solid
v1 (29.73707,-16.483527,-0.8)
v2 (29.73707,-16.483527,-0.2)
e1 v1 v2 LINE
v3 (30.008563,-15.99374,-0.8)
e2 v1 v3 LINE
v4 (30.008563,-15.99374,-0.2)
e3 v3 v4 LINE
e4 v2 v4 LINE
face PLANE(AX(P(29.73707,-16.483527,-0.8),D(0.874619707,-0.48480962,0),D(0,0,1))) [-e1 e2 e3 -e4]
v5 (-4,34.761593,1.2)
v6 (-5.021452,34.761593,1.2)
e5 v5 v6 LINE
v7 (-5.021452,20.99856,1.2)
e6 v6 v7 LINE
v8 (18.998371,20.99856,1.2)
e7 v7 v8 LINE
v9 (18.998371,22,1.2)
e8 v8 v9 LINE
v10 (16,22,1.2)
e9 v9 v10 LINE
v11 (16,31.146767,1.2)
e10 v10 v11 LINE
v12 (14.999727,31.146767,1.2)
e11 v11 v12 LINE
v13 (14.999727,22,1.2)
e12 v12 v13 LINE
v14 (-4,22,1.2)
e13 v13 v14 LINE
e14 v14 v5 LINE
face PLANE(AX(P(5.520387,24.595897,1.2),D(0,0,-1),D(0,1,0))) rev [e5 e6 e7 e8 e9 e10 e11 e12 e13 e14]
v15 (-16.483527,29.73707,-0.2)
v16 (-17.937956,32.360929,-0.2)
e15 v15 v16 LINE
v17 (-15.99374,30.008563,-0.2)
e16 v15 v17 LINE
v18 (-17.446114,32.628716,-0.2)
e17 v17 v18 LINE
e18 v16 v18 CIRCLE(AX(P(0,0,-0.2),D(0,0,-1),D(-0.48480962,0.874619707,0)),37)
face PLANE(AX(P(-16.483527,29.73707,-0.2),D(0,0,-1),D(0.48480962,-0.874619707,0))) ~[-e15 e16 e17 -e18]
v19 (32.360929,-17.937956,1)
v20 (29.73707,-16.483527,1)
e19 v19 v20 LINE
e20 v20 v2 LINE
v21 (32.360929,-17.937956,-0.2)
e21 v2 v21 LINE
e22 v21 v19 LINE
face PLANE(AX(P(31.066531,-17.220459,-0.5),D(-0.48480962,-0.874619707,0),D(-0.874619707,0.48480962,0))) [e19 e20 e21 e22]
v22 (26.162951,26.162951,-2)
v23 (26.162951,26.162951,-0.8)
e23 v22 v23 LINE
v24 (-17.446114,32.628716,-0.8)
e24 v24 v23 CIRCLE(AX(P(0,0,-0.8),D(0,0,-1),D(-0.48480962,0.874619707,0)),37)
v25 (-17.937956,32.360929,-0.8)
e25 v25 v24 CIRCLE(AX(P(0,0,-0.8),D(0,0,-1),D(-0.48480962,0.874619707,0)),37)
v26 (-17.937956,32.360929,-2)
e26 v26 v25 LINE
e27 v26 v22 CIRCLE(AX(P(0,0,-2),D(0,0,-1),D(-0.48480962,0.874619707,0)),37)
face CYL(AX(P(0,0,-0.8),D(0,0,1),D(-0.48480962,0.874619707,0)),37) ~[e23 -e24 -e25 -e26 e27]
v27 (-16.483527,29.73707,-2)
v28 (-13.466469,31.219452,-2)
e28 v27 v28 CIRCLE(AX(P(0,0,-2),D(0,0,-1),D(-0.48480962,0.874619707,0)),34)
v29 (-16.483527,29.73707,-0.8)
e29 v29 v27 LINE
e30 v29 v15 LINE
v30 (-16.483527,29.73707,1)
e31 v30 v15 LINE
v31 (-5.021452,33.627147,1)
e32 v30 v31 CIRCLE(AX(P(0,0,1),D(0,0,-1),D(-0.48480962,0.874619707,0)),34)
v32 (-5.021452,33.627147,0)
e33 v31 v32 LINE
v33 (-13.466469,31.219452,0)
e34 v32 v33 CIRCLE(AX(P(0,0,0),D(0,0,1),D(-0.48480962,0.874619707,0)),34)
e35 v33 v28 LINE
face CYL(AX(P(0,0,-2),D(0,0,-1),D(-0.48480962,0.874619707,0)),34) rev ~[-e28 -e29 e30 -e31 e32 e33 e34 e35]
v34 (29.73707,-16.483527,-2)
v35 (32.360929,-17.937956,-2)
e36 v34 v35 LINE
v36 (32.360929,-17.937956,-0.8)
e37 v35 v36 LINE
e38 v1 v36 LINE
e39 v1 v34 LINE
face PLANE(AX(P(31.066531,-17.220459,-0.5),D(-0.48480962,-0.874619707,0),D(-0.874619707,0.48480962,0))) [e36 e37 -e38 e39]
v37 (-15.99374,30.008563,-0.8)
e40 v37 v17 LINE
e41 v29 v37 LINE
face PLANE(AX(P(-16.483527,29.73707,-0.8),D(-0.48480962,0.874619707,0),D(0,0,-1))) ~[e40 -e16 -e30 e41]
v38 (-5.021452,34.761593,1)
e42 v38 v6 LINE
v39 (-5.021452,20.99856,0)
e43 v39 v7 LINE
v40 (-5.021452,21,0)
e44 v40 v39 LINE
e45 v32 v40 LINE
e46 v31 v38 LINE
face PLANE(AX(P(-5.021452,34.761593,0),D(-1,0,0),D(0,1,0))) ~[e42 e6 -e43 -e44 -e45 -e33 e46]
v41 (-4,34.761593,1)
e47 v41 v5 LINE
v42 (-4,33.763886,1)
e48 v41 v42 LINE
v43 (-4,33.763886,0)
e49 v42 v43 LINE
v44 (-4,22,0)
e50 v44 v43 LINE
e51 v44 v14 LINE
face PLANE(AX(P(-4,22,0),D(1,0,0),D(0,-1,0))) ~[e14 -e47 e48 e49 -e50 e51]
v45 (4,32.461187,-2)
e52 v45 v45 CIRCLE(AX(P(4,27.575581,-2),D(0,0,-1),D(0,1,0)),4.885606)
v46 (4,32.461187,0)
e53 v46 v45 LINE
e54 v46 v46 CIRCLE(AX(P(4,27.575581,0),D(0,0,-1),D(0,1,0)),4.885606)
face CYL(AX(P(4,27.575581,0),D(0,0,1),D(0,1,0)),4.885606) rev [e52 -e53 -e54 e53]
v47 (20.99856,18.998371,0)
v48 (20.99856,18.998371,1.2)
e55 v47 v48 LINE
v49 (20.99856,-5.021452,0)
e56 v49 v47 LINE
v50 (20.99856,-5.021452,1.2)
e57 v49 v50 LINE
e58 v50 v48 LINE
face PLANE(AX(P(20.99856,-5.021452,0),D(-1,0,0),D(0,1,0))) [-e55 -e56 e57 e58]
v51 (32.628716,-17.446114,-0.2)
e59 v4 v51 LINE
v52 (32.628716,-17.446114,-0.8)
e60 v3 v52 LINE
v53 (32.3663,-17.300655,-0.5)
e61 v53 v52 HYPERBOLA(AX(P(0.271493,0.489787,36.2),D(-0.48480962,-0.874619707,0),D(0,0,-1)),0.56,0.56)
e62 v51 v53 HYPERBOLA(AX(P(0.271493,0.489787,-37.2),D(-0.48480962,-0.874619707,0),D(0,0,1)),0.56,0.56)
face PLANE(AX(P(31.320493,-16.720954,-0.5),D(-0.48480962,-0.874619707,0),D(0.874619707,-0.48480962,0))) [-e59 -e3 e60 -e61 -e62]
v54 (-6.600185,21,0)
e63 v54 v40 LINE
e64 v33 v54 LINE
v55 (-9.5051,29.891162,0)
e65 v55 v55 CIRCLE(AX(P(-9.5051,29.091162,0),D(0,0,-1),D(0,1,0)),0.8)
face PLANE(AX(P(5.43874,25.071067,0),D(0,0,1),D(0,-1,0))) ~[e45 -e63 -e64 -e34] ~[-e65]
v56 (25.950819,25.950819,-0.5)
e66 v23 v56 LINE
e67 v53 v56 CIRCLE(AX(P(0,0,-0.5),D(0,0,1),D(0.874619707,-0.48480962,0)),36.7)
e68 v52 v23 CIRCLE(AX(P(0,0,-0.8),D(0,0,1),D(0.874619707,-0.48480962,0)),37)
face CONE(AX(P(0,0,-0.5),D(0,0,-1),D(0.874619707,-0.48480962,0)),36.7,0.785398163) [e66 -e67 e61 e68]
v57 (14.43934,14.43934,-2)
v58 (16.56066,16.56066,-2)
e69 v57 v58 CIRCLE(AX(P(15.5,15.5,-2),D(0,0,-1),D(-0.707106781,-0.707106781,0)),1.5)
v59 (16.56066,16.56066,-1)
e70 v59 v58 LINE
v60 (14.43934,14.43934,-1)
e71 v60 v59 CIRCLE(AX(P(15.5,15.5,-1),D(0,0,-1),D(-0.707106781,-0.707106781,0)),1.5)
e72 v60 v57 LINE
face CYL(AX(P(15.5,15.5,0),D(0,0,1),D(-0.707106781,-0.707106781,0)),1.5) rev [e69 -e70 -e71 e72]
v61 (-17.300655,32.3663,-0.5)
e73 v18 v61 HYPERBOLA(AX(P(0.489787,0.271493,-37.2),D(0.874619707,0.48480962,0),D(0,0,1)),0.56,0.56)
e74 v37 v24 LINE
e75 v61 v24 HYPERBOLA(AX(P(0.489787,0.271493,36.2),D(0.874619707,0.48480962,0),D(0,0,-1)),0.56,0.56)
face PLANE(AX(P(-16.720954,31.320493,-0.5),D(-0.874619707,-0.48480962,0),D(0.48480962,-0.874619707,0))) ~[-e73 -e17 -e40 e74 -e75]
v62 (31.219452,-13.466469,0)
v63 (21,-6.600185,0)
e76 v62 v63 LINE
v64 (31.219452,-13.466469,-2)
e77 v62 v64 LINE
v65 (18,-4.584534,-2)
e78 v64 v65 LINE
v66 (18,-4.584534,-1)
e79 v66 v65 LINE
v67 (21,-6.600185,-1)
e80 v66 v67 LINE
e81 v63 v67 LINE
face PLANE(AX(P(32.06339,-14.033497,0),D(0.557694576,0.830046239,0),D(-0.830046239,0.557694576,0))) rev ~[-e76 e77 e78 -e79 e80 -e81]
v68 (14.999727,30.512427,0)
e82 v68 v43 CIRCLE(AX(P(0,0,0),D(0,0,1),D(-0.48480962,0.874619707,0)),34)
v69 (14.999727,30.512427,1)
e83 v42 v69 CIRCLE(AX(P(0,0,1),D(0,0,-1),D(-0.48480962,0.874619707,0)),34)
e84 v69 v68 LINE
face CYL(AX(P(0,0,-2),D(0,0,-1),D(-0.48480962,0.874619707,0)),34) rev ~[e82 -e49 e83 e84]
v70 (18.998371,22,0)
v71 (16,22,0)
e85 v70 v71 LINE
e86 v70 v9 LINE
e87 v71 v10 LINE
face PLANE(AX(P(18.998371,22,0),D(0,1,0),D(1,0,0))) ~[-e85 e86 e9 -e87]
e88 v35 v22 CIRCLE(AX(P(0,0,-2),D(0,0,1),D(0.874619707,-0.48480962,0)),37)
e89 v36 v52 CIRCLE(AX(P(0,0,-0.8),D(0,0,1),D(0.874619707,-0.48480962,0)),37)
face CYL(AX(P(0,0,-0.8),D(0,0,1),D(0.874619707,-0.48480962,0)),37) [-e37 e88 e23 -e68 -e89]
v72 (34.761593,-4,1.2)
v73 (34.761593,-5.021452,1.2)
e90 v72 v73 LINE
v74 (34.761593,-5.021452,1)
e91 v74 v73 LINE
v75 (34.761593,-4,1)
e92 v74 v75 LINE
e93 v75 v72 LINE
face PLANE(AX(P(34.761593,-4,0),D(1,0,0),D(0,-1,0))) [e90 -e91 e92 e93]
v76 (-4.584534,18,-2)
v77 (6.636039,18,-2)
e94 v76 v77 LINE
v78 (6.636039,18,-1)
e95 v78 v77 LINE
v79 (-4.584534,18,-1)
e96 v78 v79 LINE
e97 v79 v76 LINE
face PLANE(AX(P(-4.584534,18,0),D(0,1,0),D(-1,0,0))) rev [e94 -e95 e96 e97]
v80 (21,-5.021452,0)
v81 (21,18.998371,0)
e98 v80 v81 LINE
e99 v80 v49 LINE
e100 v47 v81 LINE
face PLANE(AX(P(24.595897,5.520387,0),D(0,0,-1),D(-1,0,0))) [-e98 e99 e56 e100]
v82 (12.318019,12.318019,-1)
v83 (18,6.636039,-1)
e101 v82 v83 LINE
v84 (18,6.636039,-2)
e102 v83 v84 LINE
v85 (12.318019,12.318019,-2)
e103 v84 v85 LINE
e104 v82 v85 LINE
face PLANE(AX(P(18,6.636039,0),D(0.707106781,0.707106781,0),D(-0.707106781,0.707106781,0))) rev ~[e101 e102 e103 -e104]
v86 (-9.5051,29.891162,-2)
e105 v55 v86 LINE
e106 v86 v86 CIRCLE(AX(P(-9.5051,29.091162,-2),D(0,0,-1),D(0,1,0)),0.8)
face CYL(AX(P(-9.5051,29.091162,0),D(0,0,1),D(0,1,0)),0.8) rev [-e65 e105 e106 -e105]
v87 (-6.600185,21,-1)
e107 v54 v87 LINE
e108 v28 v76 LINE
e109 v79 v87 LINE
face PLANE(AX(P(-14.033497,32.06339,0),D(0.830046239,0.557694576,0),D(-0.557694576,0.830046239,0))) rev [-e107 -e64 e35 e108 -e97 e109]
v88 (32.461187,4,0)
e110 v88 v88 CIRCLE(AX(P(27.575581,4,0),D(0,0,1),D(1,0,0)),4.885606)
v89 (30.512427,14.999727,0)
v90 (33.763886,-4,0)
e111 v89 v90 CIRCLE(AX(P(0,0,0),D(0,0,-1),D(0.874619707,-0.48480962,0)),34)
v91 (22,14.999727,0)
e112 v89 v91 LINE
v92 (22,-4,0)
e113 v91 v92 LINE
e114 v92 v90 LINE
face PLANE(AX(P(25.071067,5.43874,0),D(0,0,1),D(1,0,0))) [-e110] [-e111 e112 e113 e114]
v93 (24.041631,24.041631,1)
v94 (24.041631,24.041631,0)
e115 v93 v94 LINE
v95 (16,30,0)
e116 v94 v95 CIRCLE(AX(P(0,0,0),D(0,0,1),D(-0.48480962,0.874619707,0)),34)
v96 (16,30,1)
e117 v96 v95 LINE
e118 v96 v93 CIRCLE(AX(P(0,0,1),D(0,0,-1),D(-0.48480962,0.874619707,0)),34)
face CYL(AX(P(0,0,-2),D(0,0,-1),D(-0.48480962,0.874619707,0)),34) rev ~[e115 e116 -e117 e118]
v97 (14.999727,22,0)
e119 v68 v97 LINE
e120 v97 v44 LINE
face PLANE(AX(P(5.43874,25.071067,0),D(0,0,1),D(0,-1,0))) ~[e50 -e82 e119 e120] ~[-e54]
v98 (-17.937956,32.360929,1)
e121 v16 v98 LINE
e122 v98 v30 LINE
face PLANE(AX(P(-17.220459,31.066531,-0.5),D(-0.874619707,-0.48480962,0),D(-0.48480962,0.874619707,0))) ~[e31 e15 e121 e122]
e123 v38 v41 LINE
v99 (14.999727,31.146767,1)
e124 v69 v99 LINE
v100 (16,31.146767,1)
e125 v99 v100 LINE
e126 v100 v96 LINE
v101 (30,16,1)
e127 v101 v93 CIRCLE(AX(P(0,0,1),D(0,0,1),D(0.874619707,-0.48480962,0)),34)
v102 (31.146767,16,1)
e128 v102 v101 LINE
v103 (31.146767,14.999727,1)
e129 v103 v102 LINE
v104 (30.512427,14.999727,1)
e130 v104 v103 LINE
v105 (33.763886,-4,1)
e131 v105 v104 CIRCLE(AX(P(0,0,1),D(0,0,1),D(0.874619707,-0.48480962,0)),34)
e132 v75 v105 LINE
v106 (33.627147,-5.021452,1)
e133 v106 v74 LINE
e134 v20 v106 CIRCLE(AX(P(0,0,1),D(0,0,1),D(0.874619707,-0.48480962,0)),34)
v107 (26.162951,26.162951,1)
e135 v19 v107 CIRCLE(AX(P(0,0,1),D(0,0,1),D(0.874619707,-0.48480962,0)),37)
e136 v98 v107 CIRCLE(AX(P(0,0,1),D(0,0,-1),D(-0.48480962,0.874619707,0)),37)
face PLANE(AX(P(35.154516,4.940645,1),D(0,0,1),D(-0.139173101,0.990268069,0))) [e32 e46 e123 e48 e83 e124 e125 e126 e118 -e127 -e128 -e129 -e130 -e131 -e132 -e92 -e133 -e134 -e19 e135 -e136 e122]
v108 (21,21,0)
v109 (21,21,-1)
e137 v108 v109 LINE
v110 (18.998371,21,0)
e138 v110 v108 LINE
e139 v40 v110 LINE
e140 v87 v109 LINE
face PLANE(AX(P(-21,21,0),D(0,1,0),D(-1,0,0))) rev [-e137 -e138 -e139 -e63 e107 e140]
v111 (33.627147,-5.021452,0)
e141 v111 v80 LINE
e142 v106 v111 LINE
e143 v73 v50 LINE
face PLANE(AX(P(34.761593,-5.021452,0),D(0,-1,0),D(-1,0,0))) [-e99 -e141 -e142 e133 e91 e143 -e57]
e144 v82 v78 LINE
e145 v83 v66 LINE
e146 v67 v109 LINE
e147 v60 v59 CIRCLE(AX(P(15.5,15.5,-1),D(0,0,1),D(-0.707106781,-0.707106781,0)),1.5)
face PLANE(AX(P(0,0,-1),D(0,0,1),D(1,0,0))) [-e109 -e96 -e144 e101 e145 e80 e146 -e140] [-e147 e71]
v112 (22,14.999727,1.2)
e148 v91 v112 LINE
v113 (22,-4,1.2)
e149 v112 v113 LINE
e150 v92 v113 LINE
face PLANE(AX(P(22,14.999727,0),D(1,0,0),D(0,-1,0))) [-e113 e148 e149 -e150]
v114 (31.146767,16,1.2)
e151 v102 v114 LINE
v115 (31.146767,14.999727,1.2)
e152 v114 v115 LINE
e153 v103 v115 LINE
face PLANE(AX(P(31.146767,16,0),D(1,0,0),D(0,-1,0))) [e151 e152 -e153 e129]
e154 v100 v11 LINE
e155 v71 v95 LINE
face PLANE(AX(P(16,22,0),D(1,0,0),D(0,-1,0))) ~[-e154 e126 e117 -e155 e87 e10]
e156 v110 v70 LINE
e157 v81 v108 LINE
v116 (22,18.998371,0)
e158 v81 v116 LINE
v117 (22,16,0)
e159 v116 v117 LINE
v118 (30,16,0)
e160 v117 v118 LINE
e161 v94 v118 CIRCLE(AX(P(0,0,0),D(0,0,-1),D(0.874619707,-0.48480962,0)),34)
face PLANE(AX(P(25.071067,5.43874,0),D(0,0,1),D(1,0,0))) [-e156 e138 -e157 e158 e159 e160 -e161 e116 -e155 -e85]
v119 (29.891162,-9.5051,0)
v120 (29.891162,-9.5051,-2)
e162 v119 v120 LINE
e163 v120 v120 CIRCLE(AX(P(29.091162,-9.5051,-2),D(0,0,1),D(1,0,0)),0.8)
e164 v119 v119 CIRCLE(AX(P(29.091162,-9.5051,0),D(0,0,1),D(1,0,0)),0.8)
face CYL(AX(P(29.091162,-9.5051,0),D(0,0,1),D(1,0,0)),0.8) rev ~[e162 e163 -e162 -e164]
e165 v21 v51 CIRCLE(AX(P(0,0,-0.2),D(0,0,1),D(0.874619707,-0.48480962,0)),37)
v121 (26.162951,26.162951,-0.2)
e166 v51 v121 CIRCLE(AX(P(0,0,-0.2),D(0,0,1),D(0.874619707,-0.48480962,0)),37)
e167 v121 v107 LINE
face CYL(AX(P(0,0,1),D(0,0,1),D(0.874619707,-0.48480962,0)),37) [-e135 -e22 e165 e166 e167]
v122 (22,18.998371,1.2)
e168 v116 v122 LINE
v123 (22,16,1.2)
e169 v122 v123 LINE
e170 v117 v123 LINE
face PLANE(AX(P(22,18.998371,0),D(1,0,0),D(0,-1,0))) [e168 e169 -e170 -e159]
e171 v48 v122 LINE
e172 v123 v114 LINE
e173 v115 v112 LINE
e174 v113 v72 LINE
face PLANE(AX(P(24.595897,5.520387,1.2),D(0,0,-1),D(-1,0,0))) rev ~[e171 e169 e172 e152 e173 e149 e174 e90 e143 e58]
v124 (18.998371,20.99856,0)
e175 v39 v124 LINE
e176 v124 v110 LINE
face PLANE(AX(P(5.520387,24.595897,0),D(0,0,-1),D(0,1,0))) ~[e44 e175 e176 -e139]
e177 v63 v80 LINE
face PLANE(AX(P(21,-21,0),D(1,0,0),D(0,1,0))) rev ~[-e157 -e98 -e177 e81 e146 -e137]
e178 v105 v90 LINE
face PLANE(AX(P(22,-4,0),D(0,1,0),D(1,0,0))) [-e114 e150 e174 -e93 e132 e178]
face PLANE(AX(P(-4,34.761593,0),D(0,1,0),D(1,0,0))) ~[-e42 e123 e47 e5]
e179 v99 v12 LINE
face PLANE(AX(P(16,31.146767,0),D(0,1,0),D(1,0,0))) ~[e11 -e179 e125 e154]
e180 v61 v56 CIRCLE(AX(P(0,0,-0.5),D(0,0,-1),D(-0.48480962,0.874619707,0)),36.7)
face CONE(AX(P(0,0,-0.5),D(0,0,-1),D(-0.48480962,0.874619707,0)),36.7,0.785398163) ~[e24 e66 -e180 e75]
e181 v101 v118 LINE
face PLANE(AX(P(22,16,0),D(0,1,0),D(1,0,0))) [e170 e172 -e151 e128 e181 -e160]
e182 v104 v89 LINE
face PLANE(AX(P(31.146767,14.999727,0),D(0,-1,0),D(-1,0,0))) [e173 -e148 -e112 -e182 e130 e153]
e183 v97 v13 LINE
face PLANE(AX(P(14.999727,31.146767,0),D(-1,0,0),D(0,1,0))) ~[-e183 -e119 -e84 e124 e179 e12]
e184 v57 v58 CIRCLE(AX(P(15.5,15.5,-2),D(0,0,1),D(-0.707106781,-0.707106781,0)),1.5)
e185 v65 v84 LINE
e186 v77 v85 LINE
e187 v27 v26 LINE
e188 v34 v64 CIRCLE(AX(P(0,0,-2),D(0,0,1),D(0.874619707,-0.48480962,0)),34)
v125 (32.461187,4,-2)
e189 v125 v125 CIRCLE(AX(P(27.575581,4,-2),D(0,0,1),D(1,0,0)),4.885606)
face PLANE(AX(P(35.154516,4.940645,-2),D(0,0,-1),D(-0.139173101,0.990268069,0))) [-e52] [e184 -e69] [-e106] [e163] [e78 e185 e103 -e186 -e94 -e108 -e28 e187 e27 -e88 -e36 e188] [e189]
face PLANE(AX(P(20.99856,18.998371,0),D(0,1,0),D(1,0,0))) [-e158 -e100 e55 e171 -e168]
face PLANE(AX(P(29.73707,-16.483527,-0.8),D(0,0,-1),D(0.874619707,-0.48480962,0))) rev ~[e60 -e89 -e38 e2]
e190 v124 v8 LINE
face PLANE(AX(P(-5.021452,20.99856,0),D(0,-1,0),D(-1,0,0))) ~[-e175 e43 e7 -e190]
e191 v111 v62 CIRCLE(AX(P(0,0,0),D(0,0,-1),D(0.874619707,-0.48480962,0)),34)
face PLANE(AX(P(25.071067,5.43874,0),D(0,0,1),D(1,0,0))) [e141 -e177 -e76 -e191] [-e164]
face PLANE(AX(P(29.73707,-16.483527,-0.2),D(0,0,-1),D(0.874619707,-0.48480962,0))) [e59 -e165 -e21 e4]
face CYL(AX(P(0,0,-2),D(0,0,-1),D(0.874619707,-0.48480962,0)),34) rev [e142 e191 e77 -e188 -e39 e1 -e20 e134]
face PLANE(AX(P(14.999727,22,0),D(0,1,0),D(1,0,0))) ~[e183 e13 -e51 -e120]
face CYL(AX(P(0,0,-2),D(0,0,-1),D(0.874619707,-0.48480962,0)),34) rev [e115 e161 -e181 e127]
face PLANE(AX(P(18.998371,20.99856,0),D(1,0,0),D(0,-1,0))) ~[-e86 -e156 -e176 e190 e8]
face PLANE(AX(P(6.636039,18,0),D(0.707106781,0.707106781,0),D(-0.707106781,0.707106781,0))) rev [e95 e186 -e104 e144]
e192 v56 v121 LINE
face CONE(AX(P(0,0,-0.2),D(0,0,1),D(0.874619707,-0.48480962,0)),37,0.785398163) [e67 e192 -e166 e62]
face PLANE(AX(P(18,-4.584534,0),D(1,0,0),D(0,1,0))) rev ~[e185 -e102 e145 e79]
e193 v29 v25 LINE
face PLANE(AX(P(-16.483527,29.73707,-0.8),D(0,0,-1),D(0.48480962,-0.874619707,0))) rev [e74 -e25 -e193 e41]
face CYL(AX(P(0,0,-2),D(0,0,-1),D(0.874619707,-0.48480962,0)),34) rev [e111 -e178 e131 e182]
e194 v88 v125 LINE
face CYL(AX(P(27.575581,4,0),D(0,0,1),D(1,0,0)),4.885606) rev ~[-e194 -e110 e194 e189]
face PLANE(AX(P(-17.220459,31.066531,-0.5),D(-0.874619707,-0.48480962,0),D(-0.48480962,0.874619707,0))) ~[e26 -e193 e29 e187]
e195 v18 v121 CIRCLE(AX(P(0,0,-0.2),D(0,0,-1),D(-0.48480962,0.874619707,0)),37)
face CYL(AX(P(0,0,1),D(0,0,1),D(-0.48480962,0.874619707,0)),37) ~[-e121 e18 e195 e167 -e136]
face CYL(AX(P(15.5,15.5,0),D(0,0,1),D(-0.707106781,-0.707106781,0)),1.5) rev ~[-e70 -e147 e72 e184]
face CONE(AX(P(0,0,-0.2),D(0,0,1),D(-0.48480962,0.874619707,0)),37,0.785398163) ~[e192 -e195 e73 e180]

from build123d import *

# Parameters (mm, degrees)
SKETCH004_W                    = 42
SKETCH004_H                    = 42
PAD001_DEPTH                   = 1
SKETCH003_R                    = 4.8856059565
SKETCH003_R_2                  = 0.8
PAD_DEPTH                      = 2
PAD002_DEPTH                   = 1.2
SKETCH008_W                    = 3
SKETCH008_H                    = 0.6
POCKET_DEPTH                   = 0.56
PART_MIRRORING_PLACEMENT_ANGLE = 90.0000000001


with BuildPart() as sweep_body:
    # Sweep: sweep along a path in Sketch002
    with BuildLine(Plane.XY) as sweep_path:
        ThreePointArc((30.6116897499, -16.9683367086), (34.659382406, 4.8710585336), (24.7487373415, 24.7487373415))
    # Sketch → Sweep (sweep)
    with BuildSketch(Plane(origin=(0, 0, -2), x_dir=(1, 0, 0), z_dir=(0, -1, 0))):
        Polygon((34, 3), (37, 3), (37, 1.8), (36.7, 1.5), (37, 1.2), (37, 0), (34, 0), align=None)
    sweep(path=sweep_path.line)


with BuildPart() as pad001:
    # Sketch004 → Pad001 (new body)
    with BuildSketch(Plane.XY):
        Rectangle(SKETCH004_W, SKETCH004_H)
    extrude(amount=-PAD001_DEPTH)


with BuildPart() as pocket:
    # Sketch003 → Pad (new body)
    with BuildSketch(Plane.XY):
        with BuildLine():
            ThreePointArc((32.0633897526, -14.0334969831), (34.3936021818, 6.4869198359), (24.7487373415, 24.7487373415))
            Line((24.7487373415, 24.7487373415), (16.5606601718, 16.5606601718))
            ThreePointArc((14.4393398282, 14.4393398282), (16.5606601718, 14.4393398282), (16.5606601718, 16.5606601718))
            Line((14.4393398282, 14.4393398282), (12.3180194847, 12.3180194847))
            Line((18, 6.6360389693), (12.3180194847, 12.3180194847))
            Line((18, -4.584534), (18, 6.6360389693))
            Line((32.0633897526, -14.0334969831), (18, -4.584534))
        make_face()
        with Locations((27.575581, 4)):
            Circle(SKETCH003_R, mode=Mode.SUBTRACT)
        with Locations((29.091162, -9.5051)):
            Circle(SKETCH003_R_2, mode=Mode.SUBTRACT)
    extrude(amount=-PAD_DEPTH)

    # Cut: cut Pad001
    add(pad001.part, mode=Mode.SUBTRACT)

    # Fusion: union Sweep body
    add(sweep_body.part)

    # Sketch007 → Pad002 (new body)
    with BuildSketch(Plane.XY):
        Polygon((20.99856, 18.998371), (22, 18.998371), (22, 16), (31.146767, 16), (31.146767, 14.999727), (22, 14.999727), (22, -4), (34.761593, -4), (34.761593, -5.021452), (20.99856, -5.021452), align=None)
    extrude(amount=PAD002_DEPTH)

    # Sketch008 → Pocket (cut)
    with BuildSketch(Plane(origin=(0, 0, 0), x_dir=(0.8746197071, -0.4848096202, 0), z_dir=(-0.4848096202, -0.8746197071, 0))):
        with Locations((35.5, -0.5)):
            Rectangle(SKETCH008_W, SKETCH008_H)
    extrude(amount=-POCKET_DEPTH, mode=Mode.SUBTRACT)


with BuildPart() as fusion001:
    # Part__Mirroring: instance of Pocket
    add(pocket.part.mirror(Plane(origin=(0, 0, 0), x_dir=(1, 0, 0), z_dir=(0, 1, 0))))


with BuildPart() as fusion001_1:
    # Part__Mirroring placement: moved
    add(fusion001.part.rotate(Axis((0, 0, 0), (0, 0, 1)), PART_MIRRORING_PLACEMENT_ANGLE))

    # Fusion001: union Pocket
    add(pocket.part)


solid = fusion001_1.part
